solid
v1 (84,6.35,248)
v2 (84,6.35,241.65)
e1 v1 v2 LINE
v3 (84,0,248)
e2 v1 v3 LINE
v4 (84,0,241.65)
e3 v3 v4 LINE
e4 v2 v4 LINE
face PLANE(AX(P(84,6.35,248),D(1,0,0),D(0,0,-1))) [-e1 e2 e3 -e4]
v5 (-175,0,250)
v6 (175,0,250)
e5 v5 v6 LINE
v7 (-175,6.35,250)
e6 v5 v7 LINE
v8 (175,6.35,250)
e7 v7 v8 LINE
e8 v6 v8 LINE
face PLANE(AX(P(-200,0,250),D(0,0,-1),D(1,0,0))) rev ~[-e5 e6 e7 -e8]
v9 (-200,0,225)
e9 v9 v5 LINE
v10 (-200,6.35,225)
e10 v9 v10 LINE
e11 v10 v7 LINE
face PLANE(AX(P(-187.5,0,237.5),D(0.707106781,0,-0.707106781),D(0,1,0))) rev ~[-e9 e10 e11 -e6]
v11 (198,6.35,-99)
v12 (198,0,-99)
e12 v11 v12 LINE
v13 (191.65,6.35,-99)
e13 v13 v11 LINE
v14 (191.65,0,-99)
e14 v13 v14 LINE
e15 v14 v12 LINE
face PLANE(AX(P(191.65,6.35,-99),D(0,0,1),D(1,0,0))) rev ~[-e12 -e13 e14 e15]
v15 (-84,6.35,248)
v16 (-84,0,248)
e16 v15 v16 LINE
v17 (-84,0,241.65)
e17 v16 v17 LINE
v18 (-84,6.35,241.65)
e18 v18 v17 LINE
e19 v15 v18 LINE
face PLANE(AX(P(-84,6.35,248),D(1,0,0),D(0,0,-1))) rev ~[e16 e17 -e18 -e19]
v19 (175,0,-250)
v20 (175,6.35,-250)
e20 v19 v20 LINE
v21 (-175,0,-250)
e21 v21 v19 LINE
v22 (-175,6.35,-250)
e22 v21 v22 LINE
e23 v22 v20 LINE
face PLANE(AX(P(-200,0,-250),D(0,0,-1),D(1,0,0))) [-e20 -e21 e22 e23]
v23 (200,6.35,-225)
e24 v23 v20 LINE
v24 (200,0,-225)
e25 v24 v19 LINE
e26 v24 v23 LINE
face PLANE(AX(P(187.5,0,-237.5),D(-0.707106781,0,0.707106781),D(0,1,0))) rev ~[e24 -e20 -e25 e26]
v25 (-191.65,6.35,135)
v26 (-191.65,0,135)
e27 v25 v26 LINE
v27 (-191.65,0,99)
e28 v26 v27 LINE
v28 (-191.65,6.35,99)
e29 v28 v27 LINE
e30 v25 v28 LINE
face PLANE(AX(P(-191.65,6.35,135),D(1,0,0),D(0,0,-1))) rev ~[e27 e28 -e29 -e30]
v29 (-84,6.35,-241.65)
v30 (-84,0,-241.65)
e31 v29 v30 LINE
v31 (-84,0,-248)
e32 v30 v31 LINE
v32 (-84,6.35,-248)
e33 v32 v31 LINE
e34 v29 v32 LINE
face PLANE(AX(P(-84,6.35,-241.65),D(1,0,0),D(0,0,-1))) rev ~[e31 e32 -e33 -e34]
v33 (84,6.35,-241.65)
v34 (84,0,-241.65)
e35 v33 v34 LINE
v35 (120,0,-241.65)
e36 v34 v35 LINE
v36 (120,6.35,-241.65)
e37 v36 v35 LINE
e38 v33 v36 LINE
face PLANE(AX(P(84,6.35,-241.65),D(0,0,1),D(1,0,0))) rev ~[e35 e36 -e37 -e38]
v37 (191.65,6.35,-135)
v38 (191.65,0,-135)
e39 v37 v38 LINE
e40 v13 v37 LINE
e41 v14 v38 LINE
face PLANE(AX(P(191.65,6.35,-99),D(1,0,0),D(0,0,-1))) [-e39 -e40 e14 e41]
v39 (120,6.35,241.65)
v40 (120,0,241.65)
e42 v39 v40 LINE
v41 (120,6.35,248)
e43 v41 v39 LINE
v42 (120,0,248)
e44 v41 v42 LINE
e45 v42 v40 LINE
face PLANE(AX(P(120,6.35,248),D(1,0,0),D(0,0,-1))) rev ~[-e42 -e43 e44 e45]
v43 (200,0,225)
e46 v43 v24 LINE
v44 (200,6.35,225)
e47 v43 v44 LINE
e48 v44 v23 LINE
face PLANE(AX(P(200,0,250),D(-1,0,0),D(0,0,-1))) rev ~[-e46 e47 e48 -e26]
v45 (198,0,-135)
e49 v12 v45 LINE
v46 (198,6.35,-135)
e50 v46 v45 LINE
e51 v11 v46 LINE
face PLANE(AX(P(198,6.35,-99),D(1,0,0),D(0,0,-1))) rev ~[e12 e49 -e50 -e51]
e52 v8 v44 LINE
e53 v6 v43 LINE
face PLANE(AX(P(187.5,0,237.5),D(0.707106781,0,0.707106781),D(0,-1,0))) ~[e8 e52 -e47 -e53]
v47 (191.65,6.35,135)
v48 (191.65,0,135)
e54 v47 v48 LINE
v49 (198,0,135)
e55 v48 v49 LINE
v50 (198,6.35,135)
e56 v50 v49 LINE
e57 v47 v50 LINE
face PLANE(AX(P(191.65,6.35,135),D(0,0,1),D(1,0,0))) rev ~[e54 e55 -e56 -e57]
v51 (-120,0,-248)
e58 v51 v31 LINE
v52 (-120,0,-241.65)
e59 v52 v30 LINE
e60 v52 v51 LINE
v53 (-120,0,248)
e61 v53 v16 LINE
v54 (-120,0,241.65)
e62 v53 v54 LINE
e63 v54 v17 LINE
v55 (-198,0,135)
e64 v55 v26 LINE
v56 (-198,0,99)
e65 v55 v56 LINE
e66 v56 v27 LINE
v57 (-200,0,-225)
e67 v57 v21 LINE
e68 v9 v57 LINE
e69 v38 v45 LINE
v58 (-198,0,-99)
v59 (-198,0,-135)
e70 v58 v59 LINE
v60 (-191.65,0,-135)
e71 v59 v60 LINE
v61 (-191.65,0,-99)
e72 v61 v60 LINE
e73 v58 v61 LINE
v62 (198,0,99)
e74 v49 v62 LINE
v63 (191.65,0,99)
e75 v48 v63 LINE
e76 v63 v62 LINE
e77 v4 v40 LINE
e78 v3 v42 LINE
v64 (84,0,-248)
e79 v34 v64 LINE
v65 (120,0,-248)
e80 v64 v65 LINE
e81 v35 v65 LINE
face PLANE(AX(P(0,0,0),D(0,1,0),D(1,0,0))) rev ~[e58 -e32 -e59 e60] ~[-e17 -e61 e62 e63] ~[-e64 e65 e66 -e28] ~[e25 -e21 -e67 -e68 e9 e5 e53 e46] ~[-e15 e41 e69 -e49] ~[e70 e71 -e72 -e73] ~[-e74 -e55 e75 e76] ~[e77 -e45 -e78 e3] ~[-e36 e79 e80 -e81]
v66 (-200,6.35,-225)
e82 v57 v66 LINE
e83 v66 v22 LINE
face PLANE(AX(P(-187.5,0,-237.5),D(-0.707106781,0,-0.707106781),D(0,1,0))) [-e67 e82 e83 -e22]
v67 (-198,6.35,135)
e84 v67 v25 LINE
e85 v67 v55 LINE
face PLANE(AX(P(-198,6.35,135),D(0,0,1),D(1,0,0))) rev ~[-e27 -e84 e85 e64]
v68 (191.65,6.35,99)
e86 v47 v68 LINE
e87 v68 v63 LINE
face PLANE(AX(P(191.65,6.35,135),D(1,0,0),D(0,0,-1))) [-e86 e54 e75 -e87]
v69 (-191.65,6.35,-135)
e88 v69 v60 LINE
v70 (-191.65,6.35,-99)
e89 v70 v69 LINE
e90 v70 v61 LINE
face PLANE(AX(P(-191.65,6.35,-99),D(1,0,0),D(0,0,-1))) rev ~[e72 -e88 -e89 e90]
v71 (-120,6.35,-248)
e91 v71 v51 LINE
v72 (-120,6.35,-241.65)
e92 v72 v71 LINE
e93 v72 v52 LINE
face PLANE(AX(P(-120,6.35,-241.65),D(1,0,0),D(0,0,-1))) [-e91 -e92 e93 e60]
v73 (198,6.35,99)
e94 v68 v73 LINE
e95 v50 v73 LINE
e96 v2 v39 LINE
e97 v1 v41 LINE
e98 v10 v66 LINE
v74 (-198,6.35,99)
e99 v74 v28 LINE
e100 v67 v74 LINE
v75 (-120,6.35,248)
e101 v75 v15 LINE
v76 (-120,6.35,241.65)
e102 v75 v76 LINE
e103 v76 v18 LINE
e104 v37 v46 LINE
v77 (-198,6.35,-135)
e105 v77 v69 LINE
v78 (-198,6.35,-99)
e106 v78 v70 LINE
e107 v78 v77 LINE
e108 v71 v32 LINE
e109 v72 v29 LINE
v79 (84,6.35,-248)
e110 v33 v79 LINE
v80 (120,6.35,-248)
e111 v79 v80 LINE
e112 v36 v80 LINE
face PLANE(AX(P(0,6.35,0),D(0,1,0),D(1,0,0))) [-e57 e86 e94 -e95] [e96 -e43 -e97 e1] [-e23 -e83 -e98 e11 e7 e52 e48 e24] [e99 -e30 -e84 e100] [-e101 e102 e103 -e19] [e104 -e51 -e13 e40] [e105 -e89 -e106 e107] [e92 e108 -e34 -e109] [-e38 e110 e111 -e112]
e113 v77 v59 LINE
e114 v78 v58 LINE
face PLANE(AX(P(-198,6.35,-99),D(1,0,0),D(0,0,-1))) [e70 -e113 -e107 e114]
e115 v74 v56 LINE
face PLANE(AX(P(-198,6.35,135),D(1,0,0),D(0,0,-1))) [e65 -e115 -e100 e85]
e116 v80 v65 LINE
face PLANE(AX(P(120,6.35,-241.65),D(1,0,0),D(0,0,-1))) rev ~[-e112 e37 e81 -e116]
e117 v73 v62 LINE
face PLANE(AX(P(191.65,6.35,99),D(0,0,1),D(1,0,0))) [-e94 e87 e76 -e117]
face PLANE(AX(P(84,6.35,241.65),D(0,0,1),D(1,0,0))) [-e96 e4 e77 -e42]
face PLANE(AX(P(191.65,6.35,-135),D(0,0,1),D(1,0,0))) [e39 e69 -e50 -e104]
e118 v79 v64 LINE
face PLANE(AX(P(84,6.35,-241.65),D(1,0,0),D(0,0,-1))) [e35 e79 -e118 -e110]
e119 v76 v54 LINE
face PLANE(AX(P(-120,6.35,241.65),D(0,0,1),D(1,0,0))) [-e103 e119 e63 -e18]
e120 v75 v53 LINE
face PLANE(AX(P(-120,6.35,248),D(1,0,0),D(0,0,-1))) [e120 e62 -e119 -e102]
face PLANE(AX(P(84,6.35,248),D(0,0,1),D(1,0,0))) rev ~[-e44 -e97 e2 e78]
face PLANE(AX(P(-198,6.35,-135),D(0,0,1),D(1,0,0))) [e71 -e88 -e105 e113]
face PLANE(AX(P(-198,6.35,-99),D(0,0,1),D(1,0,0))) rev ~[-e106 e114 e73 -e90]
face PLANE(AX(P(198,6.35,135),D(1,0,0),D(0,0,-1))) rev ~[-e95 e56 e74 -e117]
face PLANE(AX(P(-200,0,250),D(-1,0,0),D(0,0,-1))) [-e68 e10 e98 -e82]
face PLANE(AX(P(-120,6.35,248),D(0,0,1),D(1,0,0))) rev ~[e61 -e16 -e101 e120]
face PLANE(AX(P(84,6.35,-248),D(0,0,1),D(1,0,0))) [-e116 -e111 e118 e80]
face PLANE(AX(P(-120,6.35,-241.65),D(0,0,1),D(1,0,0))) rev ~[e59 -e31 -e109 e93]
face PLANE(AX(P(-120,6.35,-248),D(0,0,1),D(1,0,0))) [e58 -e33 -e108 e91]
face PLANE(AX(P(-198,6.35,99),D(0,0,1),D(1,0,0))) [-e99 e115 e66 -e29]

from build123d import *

# Parameters (mm, degrees)
SKETCH2_W           = 400
SKETCH2_H           = 500
BOSS_EXTRUDE2_DEPTH = 6.35
CHAMFER1_SIZE       = 25
SKETCH9_W           = 6.35
SKETCH9_H           = 36
SKETCH9_W_2         = 36
SKETCH9_H_2         = 6.35
CUT_EXTRUDE1_DEPTH  = 321.219178845


with BuildPart() as part:
    # Sketch2 → Boss-Extrude2 (new body)
    with BuildSketch(Plane(origin=(0, 0, 0), x_dir=(1, 0, 0), z_dir=(0, 1, 0))):
        Rectangle(SKETCH2_W, SKETCH2_H)
    extrude(amount=BOSS_EXTRUDE2_DEPTH)

    # Chamfer1
    chamfer1_edges = [part.edges().sort_by_distance(p)[0] for p in [
        (200, 3.175, 250),
        (-200, 3.175, 250),
        (-200, 3.175, -250),
        (200, 3.175, -250),
    ]]
    chamfer(chamfer1_edges, length=CHAMFER1_SIZE)

    # Sketch9 → Cut-Extrude1 (cut, through all)
    with BuildSketch(Plane(origin=(0, 6.35, 0), x_dir=(1, 0, 0), z_dir=(0, 1, 0))):
        with Locations((194.825, 117)):
            Rectangle(SKETCH9_W, SKETCH9_H)
        with Locations((102, -244.825)):
            Rectangle(SKETCH9_W_2, SKETCH9_H_2)
        with Locations((-102, -244.825)):
            Rectangle(SKETCH9_W_2, SKETCH9_H_2)
        with Locations((-102, 244.825)):
            Rectangle(SKETCH9_W_2, SKETCH9_H_2)
        with Locations((102, 244.825)):
            Rectangle(SKETCH9_W_2, SKETCH9_H_2)
        with Locations((194.825, -117)):
            Rectangle(SKETCH9_W, SKETCH9_H)
        with Locations((-194.825, -117)):
            Rectangle(SKETCH9_W, SKETCH9_H)
        with Locations((-194.825, 117)):
            Rectangle(SKETCH9_W, SKETCH9_H)
    extrude(amount=-CUT_EXTRUDE1_DEPTH, mode=Mode.SUBTRACT)


solid = part.part
